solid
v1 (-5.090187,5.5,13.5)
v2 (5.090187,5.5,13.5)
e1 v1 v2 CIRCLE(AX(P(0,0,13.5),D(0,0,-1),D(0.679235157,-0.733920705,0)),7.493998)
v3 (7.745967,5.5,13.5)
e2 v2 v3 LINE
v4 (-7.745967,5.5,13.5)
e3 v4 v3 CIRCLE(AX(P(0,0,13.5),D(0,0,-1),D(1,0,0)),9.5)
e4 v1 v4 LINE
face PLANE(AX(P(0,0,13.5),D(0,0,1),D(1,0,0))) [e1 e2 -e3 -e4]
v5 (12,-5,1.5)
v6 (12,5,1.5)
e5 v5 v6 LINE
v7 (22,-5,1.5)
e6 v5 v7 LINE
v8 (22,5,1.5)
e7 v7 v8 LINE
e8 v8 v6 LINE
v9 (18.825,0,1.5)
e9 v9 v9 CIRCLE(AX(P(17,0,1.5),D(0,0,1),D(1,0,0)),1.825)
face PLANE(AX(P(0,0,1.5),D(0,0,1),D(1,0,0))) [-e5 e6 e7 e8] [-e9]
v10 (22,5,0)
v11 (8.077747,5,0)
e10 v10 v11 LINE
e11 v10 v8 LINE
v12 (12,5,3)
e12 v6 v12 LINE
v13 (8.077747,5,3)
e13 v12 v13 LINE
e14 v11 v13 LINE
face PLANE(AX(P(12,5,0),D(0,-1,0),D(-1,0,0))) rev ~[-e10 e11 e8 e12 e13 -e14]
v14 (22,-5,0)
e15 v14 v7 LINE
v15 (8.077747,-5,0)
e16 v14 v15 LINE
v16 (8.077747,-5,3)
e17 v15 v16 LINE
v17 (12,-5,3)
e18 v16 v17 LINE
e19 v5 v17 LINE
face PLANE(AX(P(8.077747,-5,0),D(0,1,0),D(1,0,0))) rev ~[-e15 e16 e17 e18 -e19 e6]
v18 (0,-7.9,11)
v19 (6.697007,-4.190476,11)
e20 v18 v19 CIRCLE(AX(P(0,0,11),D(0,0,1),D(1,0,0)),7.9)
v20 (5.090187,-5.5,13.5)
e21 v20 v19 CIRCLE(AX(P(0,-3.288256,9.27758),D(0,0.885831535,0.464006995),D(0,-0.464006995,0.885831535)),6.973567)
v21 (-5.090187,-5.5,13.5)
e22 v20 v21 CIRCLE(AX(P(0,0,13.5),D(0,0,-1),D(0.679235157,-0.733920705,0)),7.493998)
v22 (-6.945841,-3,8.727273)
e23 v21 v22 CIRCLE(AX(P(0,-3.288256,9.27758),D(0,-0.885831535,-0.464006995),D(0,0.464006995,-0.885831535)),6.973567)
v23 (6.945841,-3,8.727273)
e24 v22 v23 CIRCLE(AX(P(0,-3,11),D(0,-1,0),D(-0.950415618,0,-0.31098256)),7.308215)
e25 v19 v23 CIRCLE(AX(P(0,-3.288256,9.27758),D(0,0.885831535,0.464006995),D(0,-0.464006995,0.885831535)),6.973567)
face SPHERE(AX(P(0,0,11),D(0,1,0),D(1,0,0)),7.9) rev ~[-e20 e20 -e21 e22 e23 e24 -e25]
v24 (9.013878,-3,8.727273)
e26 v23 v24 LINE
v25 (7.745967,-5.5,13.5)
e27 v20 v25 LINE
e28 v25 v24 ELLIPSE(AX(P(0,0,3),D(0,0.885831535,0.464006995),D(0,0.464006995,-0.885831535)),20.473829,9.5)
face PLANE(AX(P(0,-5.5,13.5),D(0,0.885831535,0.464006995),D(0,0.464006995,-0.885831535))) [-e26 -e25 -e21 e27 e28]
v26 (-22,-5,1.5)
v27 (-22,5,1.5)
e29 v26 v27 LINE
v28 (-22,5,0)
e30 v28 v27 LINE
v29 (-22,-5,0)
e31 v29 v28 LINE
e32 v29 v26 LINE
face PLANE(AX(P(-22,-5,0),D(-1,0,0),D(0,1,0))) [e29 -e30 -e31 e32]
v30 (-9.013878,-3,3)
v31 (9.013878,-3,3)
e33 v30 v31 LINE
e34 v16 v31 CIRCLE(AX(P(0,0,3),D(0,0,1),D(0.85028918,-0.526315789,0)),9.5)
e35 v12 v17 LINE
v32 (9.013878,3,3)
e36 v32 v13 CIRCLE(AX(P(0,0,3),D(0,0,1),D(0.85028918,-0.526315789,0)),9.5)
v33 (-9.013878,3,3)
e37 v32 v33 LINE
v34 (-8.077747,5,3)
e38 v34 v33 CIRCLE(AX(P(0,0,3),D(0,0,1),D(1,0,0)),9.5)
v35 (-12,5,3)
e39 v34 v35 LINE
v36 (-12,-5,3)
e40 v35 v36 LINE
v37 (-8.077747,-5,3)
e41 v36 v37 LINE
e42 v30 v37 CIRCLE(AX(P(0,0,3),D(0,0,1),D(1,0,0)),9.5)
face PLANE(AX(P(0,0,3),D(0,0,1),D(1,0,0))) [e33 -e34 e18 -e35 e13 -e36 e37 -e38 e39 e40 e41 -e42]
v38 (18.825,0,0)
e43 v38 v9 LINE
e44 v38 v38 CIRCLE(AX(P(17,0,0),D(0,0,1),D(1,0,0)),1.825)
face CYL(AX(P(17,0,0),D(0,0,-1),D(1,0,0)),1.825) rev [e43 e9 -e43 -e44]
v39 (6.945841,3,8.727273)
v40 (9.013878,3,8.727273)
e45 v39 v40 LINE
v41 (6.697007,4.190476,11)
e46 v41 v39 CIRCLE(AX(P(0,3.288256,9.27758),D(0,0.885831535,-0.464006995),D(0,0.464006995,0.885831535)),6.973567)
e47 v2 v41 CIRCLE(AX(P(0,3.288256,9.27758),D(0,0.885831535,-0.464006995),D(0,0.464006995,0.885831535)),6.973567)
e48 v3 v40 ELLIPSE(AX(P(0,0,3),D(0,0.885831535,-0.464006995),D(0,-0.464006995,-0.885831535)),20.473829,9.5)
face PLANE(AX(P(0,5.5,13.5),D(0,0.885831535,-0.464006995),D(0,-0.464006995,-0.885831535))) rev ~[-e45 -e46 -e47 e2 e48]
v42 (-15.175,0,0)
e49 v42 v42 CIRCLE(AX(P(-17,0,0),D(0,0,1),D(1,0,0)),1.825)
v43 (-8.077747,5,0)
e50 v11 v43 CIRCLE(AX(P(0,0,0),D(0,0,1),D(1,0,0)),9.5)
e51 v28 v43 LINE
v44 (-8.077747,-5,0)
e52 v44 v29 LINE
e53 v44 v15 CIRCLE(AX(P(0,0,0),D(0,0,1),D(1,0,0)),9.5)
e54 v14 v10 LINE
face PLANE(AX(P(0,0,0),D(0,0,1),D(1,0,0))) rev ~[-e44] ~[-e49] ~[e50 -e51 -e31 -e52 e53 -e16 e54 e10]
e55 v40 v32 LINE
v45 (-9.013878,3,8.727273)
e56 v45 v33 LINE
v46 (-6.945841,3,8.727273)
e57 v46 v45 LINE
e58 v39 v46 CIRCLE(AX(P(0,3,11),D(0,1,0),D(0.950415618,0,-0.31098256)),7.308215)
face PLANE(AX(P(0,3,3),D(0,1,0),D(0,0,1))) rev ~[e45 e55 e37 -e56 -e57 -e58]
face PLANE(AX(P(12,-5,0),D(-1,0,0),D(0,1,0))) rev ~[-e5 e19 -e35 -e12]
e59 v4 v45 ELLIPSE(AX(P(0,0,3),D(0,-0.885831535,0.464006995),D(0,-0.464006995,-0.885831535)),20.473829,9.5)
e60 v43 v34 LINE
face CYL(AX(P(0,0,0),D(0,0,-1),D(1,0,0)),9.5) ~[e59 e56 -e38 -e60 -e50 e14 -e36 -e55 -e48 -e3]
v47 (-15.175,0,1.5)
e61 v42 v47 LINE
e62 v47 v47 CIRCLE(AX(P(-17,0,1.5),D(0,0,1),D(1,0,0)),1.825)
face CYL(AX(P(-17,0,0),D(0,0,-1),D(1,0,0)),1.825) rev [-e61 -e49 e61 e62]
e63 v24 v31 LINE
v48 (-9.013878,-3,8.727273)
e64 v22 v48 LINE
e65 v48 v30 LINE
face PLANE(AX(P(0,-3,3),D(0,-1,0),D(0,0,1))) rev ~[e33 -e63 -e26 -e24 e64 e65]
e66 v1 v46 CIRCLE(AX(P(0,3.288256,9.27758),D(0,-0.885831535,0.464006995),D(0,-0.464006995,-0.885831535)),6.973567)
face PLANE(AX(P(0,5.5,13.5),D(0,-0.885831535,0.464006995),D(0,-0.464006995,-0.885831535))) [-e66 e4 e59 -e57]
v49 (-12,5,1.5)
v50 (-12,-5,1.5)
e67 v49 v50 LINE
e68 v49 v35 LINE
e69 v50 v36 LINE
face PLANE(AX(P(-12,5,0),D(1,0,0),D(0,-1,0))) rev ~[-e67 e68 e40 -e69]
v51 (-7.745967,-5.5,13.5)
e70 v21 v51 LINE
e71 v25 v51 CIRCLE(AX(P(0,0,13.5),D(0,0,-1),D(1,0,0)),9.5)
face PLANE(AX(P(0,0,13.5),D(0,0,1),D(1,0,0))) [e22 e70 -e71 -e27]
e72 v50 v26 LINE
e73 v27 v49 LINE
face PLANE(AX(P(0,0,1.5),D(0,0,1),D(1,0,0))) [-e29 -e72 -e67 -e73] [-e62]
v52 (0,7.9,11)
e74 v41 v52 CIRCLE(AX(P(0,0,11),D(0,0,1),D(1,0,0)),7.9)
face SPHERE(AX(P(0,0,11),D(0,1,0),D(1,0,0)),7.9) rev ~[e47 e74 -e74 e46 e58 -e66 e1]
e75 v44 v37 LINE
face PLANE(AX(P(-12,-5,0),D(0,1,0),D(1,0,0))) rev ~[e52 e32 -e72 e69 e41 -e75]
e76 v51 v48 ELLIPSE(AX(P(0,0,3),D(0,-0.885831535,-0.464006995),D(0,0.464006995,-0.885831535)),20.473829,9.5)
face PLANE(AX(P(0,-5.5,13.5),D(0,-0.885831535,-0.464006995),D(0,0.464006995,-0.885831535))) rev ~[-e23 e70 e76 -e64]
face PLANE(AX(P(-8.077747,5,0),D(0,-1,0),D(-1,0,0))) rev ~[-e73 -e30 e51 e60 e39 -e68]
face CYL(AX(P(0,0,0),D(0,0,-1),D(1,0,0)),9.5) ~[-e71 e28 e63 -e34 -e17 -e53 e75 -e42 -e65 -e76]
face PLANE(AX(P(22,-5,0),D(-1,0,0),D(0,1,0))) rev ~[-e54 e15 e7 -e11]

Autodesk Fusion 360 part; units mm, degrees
sketch "Sketch1" plane through (0, 0, 0) normal (0, 0, 1) x (1, 0, 0)
  circle A0 centre (0, 0) radius 9.5
  line L0 (12, 5) -> (-12, 5)
  line L1 (-12, 5) -> (-12, -5)
  line L2 (-12, -5) -> (12, -5)
  line L3 (12, -5) -> (12, 5)
  line L4 (-12, -5) -> (-22, -5)
  line L5 (-22, -5) -> (-22, 5)
  line L6 (-22, 5) -> (-12, 5)
  line L7 (-12, 5) -> (-12, -5)
  line L8 (12, -5) -> (22, -5)
  line L9 (22, -5) -> (22, 5)
  line L10 (22, 5) -> (12, 5)
  line L11 (12, 5) -> (12, -5)
  circle A1 centre (17, 0) radius 1.825
  circle A2 centre (-17, 0) radius 1.825
  dimension "d1" = 19
  dimension "d2" = 5
  dimension "d3" = 5
  dimension "d4" = 12
  dimension "d19" = 24
  dimension "d20" = 3.65
  dimension "d21" = 3.65
extrude "Extrude1" add sketch "Sketch1" along normal blind 3 contours A0 L0 L2 L3 L11 | A0 L0 L1 L2 L7 makes body 1 at (-9.0078, 3.0183, 2) makes body 2 at (8.3, 4.6217, 2)
extrude "Extrude2" add sketch "Sketch1" along normal blind 13.5 contours A0 L0 L2 | A0 L0 | A0 L2 bodies 1 2
sketch "Sketch2" plane through (0, 0, 0) normal (0, 1, 0) x (1, 0, 0)
  line L0 (-9.5, -15) -> (9.5, -15)
  line L1 (9.5, -15) -> (9.5, 0)
  line L2 (9.5, 0) -> (-9.5, 0)
  line L3 (-9.5, 0) -> (-9.5, -15)
  line L4 (9.5, 0) -> (-9.5, 0)
  line L5 (-9.5, 0) -> (-9.5, -3)
  line L6 (-9.5, -3) -> (9.5, -3)
  line L7 (9.5, -3) -> (9.5, 0)
  line L8 (-9.5, -15) -> (9.5, -3)
  line L9 (-9.5, 0) -> (9.5, 0)
  dimension "d10" = 3
sphere "SpherePrimitive2" cut diameter 15.8 placed x (1, 0, 0) y (0, 0, -1) z (0, 1, 0) at (0, 0, 11) bodies 1
sketch "Sketch7" plane through (0, 0, 0) normal (1, 0, 0) x (0, 1, 0)
  line L0 (0, 3) -> (-3, 3)
  line L1 (-3, 3) -> (-3, 13.5)
  line L2 (-3, 13.5) -> (0, 13.5)
  line L3 (0, 13.5) -> (0, 3)
  line L4 (-5, 0) -> (-5, 3)
  line L5 (0, 15) -> (0, 0)
  line L6 (0, 3) -> (3, 3)
  line L7 (3, 3) -> (3, 13.5)
  line L8 (0, 13.5) -> (0, 3)
  line L9 (3, 13.5) -> (0, 13.5)
  line L10 (0, 13.5) -> (-5.5, 13.5)
  line L11 (-5.5, 13.5) -> (0, 3)
  line L12 (5.5, 13.5) -> (0, 3)
  line L13 (0, 13.5) -> (5.5, 13.5)
  dimension "d12" = 3
  dimension "d13" = 2
  dimension "d14" = 10.5
extrude "Extrude3" cut sketch "Sketch7" along normal blind 17 bodies 1
extrude "Extrude4" cut sketch "Sketch7" against normal blind 11 bodies 1
extrude "Extrude5" add sketch "Sketch1" along normal blind 1.5 contours L3 L8 L9 L10 L11 | L1 L4 L5 L6 L7 bodies 1
equation "d1 = 15 mm + 4 mm"
